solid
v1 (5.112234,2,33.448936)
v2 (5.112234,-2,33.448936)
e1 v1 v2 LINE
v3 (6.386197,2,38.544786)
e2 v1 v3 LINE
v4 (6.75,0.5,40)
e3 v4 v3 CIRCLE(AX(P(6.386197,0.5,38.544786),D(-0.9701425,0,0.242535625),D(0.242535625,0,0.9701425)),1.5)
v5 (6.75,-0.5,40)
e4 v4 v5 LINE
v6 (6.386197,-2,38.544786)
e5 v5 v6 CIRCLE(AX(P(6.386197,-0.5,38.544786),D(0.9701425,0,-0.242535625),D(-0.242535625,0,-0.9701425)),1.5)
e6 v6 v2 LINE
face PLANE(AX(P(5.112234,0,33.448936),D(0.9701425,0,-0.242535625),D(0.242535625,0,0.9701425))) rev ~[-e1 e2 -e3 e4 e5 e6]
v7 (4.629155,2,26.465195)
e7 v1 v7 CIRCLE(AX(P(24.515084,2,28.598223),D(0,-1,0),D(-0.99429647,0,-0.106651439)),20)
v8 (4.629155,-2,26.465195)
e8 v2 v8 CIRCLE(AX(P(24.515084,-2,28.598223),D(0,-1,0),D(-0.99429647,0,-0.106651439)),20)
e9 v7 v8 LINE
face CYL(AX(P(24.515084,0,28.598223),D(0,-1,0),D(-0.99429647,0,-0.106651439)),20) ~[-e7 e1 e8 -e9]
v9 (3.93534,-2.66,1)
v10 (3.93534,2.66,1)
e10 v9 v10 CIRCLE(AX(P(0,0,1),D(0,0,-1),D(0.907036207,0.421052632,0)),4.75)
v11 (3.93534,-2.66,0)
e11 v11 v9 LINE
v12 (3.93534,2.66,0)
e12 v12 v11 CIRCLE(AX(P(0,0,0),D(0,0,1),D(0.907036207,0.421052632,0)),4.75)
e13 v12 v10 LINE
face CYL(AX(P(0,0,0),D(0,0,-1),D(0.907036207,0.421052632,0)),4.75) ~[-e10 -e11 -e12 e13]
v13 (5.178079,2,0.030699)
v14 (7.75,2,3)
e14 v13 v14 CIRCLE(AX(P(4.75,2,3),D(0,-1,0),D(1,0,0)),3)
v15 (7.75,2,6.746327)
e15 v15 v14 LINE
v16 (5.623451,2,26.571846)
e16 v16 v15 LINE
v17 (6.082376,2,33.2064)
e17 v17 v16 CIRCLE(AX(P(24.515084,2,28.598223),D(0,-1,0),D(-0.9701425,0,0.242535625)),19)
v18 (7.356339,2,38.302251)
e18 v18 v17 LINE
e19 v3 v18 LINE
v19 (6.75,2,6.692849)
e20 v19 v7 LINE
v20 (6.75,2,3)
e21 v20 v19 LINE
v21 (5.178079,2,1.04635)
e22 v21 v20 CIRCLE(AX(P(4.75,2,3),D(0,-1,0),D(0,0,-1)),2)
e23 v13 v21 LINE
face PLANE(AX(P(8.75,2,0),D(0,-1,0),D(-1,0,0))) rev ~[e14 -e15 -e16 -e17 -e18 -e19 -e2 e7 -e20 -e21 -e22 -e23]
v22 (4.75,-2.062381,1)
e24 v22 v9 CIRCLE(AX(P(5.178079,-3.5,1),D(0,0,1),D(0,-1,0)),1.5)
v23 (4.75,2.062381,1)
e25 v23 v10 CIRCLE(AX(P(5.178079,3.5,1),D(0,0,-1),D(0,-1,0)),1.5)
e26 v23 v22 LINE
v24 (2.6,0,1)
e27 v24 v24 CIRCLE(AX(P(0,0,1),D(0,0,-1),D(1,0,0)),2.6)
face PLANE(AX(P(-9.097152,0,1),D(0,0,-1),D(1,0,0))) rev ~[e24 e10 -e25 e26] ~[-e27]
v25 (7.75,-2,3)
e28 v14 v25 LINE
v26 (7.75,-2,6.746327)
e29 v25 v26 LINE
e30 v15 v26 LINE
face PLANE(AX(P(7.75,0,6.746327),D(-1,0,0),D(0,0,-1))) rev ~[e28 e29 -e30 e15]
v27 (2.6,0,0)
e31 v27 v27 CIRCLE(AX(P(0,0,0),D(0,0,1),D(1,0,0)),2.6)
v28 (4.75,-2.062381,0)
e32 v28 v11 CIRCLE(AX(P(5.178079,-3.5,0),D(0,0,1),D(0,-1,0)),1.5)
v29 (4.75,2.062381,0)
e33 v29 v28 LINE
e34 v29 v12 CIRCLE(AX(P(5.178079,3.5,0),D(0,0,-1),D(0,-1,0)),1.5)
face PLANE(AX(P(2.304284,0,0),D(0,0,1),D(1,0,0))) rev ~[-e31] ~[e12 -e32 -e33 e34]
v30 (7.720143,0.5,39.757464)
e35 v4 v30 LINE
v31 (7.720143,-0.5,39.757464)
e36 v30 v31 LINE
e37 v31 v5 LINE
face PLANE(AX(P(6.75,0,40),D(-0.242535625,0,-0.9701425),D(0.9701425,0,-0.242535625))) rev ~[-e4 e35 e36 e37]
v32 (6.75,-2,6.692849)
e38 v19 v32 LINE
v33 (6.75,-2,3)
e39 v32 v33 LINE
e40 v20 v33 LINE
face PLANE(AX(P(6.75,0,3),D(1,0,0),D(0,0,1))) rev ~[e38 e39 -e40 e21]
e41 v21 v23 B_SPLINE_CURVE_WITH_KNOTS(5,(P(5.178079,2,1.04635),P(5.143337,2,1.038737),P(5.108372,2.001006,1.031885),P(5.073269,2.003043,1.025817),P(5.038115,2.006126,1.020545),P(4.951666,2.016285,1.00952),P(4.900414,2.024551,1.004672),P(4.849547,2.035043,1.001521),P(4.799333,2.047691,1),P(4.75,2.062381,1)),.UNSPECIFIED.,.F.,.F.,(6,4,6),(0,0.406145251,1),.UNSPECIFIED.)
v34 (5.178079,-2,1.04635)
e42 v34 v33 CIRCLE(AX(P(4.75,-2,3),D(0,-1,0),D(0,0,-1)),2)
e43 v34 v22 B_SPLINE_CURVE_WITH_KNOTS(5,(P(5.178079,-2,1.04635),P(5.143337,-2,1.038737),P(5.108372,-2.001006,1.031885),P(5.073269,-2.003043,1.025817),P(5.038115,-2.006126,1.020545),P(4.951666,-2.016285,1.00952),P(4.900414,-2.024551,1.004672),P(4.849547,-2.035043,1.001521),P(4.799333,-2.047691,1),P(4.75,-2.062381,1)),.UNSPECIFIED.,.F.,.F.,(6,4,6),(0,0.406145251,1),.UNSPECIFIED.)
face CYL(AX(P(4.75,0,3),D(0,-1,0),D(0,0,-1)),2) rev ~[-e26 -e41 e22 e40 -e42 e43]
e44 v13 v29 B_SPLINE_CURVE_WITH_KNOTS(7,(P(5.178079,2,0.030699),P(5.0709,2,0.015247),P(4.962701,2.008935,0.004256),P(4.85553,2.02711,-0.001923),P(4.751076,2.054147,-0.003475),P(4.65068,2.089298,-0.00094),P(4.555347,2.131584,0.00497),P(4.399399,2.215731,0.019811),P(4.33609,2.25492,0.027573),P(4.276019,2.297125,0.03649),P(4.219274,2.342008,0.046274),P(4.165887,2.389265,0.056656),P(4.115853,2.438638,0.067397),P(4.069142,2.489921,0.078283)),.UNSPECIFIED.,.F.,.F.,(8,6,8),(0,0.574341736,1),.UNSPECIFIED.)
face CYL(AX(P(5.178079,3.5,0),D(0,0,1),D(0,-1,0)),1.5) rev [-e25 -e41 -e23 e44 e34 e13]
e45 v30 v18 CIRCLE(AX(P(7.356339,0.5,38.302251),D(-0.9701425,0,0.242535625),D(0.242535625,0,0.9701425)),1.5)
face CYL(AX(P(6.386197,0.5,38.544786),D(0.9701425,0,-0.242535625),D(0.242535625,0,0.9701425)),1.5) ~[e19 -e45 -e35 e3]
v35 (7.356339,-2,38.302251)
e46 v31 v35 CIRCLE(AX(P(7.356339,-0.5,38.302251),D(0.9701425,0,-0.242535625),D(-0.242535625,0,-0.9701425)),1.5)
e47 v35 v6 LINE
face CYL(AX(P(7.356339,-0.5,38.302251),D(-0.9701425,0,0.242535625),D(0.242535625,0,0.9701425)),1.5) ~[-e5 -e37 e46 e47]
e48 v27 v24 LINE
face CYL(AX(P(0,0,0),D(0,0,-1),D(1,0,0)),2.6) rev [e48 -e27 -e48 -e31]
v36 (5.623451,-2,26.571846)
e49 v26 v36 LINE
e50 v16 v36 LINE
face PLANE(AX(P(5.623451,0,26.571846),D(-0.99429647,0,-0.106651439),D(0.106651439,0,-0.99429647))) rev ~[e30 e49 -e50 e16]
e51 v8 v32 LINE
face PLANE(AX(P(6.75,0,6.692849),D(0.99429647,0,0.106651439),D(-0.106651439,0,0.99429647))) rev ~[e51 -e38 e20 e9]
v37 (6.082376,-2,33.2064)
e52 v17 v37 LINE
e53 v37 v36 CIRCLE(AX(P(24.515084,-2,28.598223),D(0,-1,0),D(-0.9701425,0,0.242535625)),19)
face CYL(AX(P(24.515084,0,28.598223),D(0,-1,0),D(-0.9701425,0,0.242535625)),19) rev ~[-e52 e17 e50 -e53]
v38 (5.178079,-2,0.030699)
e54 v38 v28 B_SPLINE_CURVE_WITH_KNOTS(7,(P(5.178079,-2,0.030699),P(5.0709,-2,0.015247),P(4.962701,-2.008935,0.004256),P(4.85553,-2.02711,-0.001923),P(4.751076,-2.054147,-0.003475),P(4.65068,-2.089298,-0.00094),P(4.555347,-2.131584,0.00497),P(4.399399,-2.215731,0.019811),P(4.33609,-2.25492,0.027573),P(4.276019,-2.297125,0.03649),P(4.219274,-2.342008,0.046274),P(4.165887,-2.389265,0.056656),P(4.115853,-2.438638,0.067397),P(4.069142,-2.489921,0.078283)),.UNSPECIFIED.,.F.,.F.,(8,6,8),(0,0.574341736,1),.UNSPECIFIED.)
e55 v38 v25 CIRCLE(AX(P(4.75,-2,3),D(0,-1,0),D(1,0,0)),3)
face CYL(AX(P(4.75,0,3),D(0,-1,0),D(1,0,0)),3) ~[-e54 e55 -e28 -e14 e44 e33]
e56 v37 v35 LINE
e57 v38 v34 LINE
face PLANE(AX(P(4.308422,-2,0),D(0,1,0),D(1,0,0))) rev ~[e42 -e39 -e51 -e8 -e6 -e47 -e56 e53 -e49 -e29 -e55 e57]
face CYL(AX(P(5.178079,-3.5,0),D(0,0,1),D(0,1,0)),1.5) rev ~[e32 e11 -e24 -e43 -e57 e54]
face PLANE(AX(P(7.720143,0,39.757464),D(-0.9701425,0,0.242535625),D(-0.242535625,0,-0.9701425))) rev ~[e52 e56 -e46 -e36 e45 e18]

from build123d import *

# Parameters (mm, degrees)
F0_R     = 2.6
F1_DEPTH = 40
F3_DEPTH = 12.5
F4_R     = 1.5


with BuildPart() as f1:
    # F0 (on Top) → F1 (new body)
    with BuildSketch(Plane.XY):
        with BuildLine():
            Line((8.75, 2), (4.3084219849, 2))
            ThreePointArc((4.3084219849, 2), (-4.75, 0), (4.3084219849, -2))
            Line((4.3084219849, -2), (8.75, -2))
            Line((8.75, -2), (8.75, 2))
        make_face()
        Circle(F0_R, mode=Mode.SUBTRACT)
    extrude(amount=F1_DEPTH)

    # F2 (on Front) → F3 (cut, symmetric)
    with BuildSketch(Plane.XZ):
        with BuildLine():
            Line((10.2479401976, 42.5026379526), (7.7201425001, 39.757464375))
            Line((7.7201425001, 39.757464375), (6.082376492, 33.2064003424))
            ThreePointArc((6.082376492, 33.2064003424), (5.5603768051, 29.9093586064), (5.6234510612, 26.5718461314))
            Line((5.6234510612, 26.5718461314), (7.75, 6.7463273263))
            Line((7.75, 6.7463273263), (7.75, 3))
            ThreePointArc((7.75, 3), (6.8713203436, 0.8786796564), (4.75, 0))
            Line((4.75, 0), (-9.0971523896, 0))
            Line((-9.0971523896, 0), (-9.0971523896, -6.0571944341))
            Line((-9.0971523896, -6.0571944341), (12.3898674946, -5.0901651477))
            Line((12.3898674946, -5.0901651477), (10.2479401976, 42.5026379526))
        make_face()
        with BuildLine():
            Line((-9.0971523896, 1), (4.75, 1))
            ThreePointArc((4.75, 1), (6.1642135624, 1.5857864376), (6.75, 3))
            Line((6.75, 3), (6.75, 6.6928490996))
            Line((6.75, 6.6928490996), (4.629154591, 26.4651946927))
            ThreePointArc((4.629154591, 26.4651946927), (4.5627606372, 29.978365719), (5.1122339919, 33.4489359674))
            Line((5.1122339919, 33.4489359674), (6.75, 40))
            Line((6.75, 40), (-4.4842101634, 43.9101681113))
            Line((-4.4842101634, 43.9101681113), (-11.3513292745, 32.9360663891))
            Line((-11.3513292745, 32.9360663891), (-9.0971523896, 1))
        make_face()
        Polygon((5.6231939234, 43.9101681113), (6.75, 40), (7.7201425001, 39.757464375), (10.2479401976, 42.5026379526), align=None)
    extrude(amount=F3_DEPTH, both=True, mode=Mode.SUBTRACT)

    # F4 (call 1 of 4: OpenCascade refuses the feature's edges together)
    f4_edges = [f1.edges().sort_by_distance(p)[0] for p in [
        (7.235071, -2, 39.878732),
    ]]
    fillet(f4_edges, radius=F4_R)

    # F4#2 (call 2 of 4)
    f4_2_edges = [f1.edges().sort_by_distance(p)[0] for p in [
        (7.235071, 2, 39.878732),
    ]]
    fillet(f4_2_edges, radius=F4_R)

    # F4#3 (call 3 of 4)
    f4_3_edges = [f1.edges().sort_by_distance(p)[0] for p in [
        (4.308422, -2, 0.5),
    ]]
    fillet(f4_3_edges, radius=F4_R)

    # F4#4 (call 4 of 4)
    f4_4_edges = [f1.edges().sort_by_distance(p)[0] for p in [
        (4.308422, 2, 0.5),
    ]]
    fillet(f4_4_edges, radius=F4_R)


solid = f1.part
